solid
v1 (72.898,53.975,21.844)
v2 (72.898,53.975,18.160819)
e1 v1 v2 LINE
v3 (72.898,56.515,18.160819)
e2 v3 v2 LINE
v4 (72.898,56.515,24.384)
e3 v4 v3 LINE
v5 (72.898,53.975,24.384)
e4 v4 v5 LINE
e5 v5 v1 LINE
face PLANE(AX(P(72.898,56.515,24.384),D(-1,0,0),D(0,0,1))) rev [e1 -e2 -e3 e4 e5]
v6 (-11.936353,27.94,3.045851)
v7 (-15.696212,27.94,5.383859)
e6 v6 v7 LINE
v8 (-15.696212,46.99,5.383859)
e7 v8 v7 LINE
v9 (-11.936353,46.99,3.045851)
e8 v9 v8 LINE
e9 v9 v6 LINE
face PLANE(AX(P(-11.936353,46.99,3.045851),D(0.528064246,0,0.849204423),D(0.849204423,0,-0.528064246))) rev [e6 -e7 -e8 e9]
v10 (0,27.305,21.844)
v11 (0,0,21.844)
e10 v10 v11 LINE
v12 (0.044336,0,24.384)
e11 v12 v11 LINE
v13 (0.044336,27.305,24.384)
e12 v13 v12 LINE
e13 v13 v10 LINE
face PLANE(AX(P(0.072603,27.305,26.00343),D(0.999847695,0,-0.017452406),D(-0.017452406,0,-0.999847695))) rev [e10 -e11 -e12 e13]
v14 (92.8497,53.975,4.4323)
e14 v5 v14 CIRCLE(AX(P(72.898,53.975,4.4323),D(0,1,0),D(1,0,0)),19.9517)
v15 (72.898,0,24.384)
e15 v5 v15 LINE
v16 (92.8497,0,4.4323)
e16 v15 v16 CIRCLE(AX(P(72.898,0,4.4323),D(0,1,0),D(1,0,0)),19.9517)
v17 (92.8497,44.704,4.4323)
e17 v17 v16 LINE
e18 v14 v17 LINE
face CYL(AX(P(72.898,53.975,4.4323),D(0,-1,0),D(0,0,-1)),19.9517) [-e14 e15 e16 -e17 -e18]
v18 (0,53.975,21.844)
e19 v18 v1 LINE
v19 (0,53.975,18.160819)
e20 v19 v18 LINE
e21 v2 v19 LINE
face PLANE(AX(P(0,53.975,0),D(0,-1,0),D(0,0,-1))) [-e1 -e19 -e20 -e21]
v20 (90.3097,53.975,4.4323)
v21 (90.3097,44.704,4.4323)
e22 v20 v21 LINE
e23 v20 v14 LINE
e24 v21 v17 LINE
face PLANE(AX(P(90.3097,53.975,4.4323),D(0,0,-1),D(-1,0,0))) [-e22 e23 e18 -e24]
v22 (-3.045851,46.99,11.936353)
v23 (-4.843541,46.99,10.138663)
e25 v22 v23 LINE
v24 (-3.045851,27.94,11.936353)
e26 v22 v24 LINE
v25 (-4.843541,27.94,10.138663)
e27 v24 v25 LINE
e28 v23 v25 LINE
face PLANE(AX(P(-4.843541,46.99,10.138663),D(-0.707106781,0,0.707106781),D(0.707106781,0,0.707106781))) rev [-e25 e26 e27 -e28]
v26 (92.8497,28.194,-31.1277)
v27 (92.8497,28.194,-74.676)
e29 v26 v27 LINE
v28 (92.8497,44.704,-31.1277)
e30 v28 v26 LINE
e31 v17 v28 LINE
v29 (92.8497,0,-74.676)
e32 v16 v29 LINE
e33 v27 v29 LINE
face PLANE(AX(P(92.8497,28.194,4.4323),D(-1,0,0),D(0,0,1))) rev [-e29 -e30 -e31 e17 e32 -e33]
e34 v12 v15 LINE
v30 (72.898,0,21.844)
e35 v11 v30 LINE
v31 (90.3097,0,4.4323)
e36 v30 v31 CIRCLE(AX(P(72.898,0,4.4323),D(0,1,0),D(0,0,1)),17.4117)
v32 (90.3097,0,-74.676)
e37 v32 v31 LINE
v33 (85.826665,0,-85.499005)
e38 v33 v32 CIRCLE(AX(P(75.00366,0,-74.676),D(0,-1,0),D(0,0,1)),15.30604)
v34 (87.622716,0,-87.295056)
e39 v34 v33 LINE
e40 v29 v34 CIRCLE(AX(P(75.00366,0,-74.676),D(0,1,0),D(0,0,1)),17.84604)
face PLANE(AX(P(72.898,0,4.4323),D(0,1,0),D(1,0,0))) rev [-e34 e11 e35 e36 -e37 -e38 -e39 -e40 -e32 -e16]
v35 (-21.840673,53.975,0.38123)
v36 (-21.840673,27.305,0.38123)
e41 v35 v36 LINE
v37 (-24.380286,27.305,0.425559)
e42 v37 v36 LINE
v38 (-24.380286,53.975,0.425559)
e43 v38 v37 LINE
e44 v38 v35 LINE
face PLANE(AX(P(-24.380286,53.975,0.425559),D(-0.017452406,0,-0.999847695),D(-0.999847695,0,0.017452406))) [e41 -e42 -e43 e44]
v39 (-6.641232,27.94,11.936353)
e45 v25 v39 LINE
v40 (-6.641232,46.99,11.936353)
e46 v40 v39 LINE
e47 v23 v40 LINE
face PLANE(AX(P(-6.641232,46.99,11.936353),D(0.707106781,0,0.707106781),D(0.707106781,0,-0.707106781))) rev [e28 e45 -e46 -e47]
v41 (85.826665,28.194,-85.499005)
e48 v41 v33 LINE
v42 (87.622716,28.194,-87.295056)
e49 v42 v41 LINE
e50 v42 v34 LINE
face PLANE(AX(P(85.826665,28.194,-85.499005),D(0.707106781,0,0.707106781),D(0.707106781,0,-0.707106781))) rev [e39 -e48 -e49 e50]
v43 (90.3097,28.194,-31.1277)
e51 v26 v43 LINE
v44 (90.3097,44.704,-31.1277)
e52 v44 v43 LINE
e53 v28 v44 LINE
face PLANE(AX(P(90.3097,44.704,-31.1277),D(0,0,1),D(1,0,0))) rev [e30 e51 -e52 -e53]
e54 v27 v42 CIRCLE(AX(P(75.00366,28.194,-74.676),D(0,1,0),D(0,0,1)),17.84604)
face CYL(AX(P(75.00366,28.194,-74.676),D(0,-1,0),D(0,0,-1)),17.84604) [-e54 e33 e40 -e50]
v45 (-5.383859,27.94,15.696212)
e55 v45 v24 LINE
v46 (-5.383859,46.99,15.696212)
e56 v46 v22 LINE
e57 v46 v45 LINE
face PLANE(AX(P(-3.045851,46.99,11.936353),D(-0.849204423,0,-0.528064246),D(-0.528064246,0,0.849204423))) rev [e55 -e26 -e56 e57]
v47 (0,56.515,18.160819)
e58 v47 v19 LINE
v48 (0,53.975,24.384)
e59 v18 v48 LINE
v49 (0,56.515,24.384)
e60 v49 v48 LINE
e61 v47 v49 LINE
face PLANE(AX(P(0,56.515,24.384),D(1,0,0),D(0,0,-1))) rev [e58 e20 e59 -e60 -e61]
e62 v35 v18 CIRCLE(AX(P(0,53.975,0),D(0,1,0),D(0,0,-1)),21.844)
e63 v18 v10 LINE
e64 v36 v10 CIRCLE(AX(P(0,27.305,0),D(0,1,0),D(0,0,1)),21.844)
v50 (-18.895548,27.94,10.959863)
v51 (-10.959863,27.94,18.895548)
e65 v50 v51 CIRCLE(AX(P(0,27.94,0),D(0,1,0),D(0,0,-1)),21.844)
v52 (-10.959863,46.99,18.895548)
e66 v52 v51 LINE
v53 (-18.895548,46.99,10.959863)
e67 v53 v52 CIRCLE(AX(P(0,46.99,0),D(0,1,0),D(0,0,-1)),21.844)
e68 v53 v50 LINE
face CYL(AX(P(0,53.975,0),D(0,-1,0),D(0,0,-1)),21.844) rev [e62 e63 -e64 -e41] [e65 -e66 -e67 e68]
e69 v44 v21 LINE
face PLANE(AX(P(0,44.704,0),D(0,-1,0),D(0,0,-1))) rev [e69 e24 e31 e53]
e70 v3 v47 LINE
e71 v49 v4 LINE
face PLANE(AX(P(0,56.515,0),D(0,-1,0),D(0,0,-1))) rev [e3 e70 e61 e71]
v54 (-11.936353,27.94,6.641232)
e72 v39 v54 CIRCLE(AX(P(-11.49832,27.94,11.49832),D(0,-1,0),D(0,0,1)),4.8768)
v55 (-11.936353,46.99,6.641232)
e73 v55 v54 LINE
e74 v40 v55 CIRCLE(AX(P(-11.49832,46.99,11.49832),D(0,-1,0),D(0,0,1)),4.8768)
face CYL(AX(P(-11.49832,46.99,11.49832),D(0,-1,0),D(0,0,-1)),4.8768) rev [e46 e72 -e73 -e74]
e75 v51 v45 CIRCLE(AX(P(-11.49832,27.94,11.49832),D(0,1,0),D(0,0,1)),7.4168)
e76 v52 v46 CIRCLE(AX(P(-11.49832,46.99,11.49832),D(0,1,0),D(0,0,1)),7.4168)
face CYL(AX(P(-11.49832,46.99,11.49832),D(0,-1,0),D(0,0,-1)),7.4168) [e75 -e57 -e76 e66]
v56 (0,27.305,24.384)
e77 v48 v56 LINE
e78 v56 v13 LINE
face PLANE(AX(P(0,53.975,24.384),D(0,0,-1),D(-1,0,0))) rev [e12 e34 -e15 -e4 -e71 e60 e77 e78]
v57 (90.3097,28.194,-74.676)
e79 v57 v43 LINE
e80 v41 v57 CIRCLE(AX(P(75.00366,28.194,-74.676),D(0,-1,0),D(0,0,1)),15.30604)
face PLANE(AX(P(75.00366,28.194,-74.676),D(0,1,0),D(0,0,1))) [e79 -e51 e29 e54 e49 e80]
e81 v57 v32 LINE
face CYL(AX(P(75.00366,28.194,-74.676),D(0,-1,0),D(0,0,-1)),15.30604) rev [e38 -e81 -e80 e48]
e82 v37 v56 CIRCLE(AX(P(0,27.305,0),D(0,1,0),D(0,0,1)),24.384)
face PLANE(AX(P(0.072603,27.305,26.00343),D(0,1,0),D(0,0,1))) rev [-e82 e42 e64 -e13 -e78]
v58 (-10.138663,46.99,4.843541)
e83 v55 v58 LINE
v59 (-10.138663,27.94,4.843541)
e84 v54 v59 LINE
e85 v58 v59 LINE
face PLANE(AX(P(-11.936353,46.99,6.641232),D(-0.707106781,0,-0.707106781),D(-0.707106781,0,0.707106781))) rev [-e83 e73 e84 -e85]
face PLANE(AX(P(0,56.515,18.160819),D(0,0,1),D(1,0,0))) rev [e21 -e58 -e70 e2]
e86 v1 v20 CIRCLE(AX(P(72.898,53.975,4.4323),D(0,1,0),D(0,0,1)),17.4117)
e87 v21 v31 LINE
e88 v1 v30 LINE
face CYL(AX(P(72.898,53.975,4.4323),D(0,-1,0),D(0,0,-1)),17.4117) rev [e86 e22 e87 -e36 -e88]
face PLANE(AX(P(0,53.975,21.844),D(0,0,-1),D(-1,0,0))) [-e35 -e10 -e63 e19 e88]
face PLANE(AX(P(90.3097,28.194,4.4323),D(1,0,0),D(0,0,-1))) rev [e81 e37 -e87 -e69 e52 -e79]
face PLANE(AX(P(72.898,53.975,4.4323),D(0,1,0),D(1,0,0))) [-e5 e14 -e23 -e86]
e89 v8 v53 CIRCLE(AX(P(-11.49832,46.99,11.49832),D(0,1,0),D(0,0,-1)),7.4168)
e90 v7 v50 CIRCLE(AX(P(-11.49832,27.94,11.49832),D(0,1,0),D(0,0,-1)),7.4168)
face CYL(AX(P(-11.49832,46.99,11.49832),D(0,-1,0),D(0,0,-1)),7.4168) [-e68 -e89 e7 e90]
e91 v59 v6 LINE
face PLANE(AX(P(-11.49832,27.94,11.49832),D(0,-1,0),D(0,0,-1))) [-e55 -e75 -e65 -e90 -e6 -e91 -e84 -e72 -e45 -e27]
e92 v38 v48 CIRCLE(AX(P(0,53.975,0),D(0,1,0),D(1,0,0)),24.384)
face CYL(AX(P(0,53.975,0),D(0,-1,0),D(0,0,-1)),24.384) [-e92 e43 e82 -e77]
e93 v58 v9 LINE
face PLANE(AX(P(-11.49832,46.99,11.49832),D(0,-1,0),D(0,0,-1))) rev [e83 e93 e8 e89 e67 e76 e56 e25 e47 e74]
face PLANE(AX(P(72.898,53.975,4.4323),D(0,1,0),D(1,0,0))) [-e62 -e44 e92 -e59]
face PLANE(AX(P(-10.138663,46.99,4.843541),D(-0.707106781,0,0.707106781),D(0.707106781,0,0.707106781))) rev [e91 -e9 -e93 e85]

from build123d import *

# Parameters (mm, degrees)
EXTRUDE_THIN1_DEPTH = 53.975
BOSS_EXTRUDE1_START = 27.94
BOSS_EXTRUDE1_DEPTH = 19.05
BOSS_EXTRUDE2_DEPTH = 28.194
SKETCH12_W          = 34.867415814
SKETCH12_H          = 30.773507234
CUT_EXTRUDE1_DEPTH  = 27.000736901
SKETCH13_W          = 2.54
SKETCH13_H          = 35.56
BOSS_EXTRUDE3_DEPTH = 16.51
SKETCH14_W          = 72.898
SKETCH14_H          = 6.223180908
BOSS_EXTRUDE4_DEPTH = 2.54


with BuildPart() as part:
    # Sketch8 → Extrude-Thin1 (new body)
    with BuildSketch(Plane(origin=(0, 0, 0), x_dir=(1, 0, 0), z_dir=(0, 1, 0))):
        with BuildLine():
            ThreePointArc((-21.840673053, -0.381230366), (-15.310661969, -15.580242811), (0, -21.844))
            Line((0, -21.844), (72.898, -21.844))
            ThreePointArc((72.898, -21.844), (85.209931142, -16.744231142), (90.3097, -4.4323))
            Line((90.3097, -4.4323), (92.8497, -4.4323))
            ThreePointArc((92.8497, -4.4323), (87.005982366, -18.540282366), (72.898, -24.384))
            Line((72.898, -24.384), (0, -24.384))
            ThreePointArc((0, -24.384), (-17.090971501, -17.391898952), (-24.380286199, -0.425559479))
            Line((-24.380286199, -0.425559479), (-21.840673053, -0.381230366))
        make_face()
    extrude(amount=EXTRUDE_THIN1_DEPTH)

    # Sketch10 → Boss-Extrude1 (add)
    with BuildSketch(Plane(origin=(0, 0, 0), x_dir=(1, 0, 0), z_dir=(0, 1, 0)).offset(BOSS_EXTRUDE1_START)):
        with BuildLine():
            Line((-6.641231784, -11.936352934), (-4.843541474, -10.138662625))
            Line((-4.843541474, -10.138662625), (-3.045851165, -11.936352934))
            Line((-3.045851165, -11.936352934), (-5.383859486, -15.696211745))
            ThreePointArc((-5.383859486, -15.696211745), (-7.807213542, -17.931410627), (-10.959862847, -18.895548216))
            ThreePointArc((-10.959862847, -18.895548216), (-15.446040528, -15.446040528), (-18.895548216, -10.959862847))
            ThreePointArc((-18.895548216, -10.959862847), (-17.931410627, -7.807213542), (-15.696211745, -5.383859486))
            Line((-15.696211745, -5.383859486), (-11.936352934, -3.045851165))
            Line((-11.936352934, -3.045851165), (-10.138662625, -4.843541474))
            Line((-10.138662625, -4.843541474), (-11.936352934, -6.641231784))
            ThreePointArc((-11.936352934, -6.641231784), (-14.946738288, -14.946738288), (-6.641231784, -11.936352934))
        make_face()
    extrude(amount=BOSS_EXTRUDE1_DEPTH)

    # Sketch11 → Boss-Extrude2 (add)
    with BuildSketch(Plane(origin=(0, 0, 0), x_dir=(1, 0, 0), z_dir=(0, 1, 0))):
        with BuildLine():
            Line((90.3097, -4.4323), (92.8497, -4.4323))
            Line((92.8497, -4.4323), (92.8497, 74.676))
            ThreePointArc((92.8497, 74.676), (91.491251092, 81.505383841), (87.622715901, 87.295055901))
            Line((87.622715901, 87.295055901), (85.826664677, 85.499004677))
            ThreePointArc((85.826664677, 85.499004677), (89.14459708, 80.533367923), (90.3097, 74.676))
            Line((90.3097, 74.676), (90.3097, -4.4323))
        make_face()
    extrude(amount=BOSS_EXTRUDE2_DEPTH)

    # Sketch12 → Cut-Extrude1 (cut, through all)
    with BuildSketch(Plane(origin=(0, 0, 0), x_dir=(-0.999847695, 0, 0.017452406), z_dir=(-0.017452406, 0, -0.999847695))):
        with Locations((17.814938273, 11.918246383)):
            Rectangle(SKETCH12_W, SKETCH12_H)
    extrude(amount=-CUT_EXTRUDE1_DEPTH, mode=Mode.SUBTRACT)

    # Sketch13 → Boss-Extrude3 (add)
    with BuildSketch(Plane(origin=(0, 28.194, 0), x_dir=(1, 0, 0), z_dir=(0, 1, 0))):
        with Locations((91.5797, 13.3477)):
            Rectangle(SKETCH13_W, SKETCH13_H)
    extrude(amount=BOSS_EXTRUDE3_DEPTH)

    # Sketch14 → Boss-Extrude4 (add)
    with BuildSketch(Plane(origin=(0, 53.975, 0), x_dir=(1, 0, 0), z_dir=(0, 1, 0))):
        with Locations((36.449, -21.272409546)):
            Rectangle(SKETCH14_W, SKETCH14_H)
    extrude(amount=BOSS_EXTRUDE4_DEPTH)


solid = part.part
